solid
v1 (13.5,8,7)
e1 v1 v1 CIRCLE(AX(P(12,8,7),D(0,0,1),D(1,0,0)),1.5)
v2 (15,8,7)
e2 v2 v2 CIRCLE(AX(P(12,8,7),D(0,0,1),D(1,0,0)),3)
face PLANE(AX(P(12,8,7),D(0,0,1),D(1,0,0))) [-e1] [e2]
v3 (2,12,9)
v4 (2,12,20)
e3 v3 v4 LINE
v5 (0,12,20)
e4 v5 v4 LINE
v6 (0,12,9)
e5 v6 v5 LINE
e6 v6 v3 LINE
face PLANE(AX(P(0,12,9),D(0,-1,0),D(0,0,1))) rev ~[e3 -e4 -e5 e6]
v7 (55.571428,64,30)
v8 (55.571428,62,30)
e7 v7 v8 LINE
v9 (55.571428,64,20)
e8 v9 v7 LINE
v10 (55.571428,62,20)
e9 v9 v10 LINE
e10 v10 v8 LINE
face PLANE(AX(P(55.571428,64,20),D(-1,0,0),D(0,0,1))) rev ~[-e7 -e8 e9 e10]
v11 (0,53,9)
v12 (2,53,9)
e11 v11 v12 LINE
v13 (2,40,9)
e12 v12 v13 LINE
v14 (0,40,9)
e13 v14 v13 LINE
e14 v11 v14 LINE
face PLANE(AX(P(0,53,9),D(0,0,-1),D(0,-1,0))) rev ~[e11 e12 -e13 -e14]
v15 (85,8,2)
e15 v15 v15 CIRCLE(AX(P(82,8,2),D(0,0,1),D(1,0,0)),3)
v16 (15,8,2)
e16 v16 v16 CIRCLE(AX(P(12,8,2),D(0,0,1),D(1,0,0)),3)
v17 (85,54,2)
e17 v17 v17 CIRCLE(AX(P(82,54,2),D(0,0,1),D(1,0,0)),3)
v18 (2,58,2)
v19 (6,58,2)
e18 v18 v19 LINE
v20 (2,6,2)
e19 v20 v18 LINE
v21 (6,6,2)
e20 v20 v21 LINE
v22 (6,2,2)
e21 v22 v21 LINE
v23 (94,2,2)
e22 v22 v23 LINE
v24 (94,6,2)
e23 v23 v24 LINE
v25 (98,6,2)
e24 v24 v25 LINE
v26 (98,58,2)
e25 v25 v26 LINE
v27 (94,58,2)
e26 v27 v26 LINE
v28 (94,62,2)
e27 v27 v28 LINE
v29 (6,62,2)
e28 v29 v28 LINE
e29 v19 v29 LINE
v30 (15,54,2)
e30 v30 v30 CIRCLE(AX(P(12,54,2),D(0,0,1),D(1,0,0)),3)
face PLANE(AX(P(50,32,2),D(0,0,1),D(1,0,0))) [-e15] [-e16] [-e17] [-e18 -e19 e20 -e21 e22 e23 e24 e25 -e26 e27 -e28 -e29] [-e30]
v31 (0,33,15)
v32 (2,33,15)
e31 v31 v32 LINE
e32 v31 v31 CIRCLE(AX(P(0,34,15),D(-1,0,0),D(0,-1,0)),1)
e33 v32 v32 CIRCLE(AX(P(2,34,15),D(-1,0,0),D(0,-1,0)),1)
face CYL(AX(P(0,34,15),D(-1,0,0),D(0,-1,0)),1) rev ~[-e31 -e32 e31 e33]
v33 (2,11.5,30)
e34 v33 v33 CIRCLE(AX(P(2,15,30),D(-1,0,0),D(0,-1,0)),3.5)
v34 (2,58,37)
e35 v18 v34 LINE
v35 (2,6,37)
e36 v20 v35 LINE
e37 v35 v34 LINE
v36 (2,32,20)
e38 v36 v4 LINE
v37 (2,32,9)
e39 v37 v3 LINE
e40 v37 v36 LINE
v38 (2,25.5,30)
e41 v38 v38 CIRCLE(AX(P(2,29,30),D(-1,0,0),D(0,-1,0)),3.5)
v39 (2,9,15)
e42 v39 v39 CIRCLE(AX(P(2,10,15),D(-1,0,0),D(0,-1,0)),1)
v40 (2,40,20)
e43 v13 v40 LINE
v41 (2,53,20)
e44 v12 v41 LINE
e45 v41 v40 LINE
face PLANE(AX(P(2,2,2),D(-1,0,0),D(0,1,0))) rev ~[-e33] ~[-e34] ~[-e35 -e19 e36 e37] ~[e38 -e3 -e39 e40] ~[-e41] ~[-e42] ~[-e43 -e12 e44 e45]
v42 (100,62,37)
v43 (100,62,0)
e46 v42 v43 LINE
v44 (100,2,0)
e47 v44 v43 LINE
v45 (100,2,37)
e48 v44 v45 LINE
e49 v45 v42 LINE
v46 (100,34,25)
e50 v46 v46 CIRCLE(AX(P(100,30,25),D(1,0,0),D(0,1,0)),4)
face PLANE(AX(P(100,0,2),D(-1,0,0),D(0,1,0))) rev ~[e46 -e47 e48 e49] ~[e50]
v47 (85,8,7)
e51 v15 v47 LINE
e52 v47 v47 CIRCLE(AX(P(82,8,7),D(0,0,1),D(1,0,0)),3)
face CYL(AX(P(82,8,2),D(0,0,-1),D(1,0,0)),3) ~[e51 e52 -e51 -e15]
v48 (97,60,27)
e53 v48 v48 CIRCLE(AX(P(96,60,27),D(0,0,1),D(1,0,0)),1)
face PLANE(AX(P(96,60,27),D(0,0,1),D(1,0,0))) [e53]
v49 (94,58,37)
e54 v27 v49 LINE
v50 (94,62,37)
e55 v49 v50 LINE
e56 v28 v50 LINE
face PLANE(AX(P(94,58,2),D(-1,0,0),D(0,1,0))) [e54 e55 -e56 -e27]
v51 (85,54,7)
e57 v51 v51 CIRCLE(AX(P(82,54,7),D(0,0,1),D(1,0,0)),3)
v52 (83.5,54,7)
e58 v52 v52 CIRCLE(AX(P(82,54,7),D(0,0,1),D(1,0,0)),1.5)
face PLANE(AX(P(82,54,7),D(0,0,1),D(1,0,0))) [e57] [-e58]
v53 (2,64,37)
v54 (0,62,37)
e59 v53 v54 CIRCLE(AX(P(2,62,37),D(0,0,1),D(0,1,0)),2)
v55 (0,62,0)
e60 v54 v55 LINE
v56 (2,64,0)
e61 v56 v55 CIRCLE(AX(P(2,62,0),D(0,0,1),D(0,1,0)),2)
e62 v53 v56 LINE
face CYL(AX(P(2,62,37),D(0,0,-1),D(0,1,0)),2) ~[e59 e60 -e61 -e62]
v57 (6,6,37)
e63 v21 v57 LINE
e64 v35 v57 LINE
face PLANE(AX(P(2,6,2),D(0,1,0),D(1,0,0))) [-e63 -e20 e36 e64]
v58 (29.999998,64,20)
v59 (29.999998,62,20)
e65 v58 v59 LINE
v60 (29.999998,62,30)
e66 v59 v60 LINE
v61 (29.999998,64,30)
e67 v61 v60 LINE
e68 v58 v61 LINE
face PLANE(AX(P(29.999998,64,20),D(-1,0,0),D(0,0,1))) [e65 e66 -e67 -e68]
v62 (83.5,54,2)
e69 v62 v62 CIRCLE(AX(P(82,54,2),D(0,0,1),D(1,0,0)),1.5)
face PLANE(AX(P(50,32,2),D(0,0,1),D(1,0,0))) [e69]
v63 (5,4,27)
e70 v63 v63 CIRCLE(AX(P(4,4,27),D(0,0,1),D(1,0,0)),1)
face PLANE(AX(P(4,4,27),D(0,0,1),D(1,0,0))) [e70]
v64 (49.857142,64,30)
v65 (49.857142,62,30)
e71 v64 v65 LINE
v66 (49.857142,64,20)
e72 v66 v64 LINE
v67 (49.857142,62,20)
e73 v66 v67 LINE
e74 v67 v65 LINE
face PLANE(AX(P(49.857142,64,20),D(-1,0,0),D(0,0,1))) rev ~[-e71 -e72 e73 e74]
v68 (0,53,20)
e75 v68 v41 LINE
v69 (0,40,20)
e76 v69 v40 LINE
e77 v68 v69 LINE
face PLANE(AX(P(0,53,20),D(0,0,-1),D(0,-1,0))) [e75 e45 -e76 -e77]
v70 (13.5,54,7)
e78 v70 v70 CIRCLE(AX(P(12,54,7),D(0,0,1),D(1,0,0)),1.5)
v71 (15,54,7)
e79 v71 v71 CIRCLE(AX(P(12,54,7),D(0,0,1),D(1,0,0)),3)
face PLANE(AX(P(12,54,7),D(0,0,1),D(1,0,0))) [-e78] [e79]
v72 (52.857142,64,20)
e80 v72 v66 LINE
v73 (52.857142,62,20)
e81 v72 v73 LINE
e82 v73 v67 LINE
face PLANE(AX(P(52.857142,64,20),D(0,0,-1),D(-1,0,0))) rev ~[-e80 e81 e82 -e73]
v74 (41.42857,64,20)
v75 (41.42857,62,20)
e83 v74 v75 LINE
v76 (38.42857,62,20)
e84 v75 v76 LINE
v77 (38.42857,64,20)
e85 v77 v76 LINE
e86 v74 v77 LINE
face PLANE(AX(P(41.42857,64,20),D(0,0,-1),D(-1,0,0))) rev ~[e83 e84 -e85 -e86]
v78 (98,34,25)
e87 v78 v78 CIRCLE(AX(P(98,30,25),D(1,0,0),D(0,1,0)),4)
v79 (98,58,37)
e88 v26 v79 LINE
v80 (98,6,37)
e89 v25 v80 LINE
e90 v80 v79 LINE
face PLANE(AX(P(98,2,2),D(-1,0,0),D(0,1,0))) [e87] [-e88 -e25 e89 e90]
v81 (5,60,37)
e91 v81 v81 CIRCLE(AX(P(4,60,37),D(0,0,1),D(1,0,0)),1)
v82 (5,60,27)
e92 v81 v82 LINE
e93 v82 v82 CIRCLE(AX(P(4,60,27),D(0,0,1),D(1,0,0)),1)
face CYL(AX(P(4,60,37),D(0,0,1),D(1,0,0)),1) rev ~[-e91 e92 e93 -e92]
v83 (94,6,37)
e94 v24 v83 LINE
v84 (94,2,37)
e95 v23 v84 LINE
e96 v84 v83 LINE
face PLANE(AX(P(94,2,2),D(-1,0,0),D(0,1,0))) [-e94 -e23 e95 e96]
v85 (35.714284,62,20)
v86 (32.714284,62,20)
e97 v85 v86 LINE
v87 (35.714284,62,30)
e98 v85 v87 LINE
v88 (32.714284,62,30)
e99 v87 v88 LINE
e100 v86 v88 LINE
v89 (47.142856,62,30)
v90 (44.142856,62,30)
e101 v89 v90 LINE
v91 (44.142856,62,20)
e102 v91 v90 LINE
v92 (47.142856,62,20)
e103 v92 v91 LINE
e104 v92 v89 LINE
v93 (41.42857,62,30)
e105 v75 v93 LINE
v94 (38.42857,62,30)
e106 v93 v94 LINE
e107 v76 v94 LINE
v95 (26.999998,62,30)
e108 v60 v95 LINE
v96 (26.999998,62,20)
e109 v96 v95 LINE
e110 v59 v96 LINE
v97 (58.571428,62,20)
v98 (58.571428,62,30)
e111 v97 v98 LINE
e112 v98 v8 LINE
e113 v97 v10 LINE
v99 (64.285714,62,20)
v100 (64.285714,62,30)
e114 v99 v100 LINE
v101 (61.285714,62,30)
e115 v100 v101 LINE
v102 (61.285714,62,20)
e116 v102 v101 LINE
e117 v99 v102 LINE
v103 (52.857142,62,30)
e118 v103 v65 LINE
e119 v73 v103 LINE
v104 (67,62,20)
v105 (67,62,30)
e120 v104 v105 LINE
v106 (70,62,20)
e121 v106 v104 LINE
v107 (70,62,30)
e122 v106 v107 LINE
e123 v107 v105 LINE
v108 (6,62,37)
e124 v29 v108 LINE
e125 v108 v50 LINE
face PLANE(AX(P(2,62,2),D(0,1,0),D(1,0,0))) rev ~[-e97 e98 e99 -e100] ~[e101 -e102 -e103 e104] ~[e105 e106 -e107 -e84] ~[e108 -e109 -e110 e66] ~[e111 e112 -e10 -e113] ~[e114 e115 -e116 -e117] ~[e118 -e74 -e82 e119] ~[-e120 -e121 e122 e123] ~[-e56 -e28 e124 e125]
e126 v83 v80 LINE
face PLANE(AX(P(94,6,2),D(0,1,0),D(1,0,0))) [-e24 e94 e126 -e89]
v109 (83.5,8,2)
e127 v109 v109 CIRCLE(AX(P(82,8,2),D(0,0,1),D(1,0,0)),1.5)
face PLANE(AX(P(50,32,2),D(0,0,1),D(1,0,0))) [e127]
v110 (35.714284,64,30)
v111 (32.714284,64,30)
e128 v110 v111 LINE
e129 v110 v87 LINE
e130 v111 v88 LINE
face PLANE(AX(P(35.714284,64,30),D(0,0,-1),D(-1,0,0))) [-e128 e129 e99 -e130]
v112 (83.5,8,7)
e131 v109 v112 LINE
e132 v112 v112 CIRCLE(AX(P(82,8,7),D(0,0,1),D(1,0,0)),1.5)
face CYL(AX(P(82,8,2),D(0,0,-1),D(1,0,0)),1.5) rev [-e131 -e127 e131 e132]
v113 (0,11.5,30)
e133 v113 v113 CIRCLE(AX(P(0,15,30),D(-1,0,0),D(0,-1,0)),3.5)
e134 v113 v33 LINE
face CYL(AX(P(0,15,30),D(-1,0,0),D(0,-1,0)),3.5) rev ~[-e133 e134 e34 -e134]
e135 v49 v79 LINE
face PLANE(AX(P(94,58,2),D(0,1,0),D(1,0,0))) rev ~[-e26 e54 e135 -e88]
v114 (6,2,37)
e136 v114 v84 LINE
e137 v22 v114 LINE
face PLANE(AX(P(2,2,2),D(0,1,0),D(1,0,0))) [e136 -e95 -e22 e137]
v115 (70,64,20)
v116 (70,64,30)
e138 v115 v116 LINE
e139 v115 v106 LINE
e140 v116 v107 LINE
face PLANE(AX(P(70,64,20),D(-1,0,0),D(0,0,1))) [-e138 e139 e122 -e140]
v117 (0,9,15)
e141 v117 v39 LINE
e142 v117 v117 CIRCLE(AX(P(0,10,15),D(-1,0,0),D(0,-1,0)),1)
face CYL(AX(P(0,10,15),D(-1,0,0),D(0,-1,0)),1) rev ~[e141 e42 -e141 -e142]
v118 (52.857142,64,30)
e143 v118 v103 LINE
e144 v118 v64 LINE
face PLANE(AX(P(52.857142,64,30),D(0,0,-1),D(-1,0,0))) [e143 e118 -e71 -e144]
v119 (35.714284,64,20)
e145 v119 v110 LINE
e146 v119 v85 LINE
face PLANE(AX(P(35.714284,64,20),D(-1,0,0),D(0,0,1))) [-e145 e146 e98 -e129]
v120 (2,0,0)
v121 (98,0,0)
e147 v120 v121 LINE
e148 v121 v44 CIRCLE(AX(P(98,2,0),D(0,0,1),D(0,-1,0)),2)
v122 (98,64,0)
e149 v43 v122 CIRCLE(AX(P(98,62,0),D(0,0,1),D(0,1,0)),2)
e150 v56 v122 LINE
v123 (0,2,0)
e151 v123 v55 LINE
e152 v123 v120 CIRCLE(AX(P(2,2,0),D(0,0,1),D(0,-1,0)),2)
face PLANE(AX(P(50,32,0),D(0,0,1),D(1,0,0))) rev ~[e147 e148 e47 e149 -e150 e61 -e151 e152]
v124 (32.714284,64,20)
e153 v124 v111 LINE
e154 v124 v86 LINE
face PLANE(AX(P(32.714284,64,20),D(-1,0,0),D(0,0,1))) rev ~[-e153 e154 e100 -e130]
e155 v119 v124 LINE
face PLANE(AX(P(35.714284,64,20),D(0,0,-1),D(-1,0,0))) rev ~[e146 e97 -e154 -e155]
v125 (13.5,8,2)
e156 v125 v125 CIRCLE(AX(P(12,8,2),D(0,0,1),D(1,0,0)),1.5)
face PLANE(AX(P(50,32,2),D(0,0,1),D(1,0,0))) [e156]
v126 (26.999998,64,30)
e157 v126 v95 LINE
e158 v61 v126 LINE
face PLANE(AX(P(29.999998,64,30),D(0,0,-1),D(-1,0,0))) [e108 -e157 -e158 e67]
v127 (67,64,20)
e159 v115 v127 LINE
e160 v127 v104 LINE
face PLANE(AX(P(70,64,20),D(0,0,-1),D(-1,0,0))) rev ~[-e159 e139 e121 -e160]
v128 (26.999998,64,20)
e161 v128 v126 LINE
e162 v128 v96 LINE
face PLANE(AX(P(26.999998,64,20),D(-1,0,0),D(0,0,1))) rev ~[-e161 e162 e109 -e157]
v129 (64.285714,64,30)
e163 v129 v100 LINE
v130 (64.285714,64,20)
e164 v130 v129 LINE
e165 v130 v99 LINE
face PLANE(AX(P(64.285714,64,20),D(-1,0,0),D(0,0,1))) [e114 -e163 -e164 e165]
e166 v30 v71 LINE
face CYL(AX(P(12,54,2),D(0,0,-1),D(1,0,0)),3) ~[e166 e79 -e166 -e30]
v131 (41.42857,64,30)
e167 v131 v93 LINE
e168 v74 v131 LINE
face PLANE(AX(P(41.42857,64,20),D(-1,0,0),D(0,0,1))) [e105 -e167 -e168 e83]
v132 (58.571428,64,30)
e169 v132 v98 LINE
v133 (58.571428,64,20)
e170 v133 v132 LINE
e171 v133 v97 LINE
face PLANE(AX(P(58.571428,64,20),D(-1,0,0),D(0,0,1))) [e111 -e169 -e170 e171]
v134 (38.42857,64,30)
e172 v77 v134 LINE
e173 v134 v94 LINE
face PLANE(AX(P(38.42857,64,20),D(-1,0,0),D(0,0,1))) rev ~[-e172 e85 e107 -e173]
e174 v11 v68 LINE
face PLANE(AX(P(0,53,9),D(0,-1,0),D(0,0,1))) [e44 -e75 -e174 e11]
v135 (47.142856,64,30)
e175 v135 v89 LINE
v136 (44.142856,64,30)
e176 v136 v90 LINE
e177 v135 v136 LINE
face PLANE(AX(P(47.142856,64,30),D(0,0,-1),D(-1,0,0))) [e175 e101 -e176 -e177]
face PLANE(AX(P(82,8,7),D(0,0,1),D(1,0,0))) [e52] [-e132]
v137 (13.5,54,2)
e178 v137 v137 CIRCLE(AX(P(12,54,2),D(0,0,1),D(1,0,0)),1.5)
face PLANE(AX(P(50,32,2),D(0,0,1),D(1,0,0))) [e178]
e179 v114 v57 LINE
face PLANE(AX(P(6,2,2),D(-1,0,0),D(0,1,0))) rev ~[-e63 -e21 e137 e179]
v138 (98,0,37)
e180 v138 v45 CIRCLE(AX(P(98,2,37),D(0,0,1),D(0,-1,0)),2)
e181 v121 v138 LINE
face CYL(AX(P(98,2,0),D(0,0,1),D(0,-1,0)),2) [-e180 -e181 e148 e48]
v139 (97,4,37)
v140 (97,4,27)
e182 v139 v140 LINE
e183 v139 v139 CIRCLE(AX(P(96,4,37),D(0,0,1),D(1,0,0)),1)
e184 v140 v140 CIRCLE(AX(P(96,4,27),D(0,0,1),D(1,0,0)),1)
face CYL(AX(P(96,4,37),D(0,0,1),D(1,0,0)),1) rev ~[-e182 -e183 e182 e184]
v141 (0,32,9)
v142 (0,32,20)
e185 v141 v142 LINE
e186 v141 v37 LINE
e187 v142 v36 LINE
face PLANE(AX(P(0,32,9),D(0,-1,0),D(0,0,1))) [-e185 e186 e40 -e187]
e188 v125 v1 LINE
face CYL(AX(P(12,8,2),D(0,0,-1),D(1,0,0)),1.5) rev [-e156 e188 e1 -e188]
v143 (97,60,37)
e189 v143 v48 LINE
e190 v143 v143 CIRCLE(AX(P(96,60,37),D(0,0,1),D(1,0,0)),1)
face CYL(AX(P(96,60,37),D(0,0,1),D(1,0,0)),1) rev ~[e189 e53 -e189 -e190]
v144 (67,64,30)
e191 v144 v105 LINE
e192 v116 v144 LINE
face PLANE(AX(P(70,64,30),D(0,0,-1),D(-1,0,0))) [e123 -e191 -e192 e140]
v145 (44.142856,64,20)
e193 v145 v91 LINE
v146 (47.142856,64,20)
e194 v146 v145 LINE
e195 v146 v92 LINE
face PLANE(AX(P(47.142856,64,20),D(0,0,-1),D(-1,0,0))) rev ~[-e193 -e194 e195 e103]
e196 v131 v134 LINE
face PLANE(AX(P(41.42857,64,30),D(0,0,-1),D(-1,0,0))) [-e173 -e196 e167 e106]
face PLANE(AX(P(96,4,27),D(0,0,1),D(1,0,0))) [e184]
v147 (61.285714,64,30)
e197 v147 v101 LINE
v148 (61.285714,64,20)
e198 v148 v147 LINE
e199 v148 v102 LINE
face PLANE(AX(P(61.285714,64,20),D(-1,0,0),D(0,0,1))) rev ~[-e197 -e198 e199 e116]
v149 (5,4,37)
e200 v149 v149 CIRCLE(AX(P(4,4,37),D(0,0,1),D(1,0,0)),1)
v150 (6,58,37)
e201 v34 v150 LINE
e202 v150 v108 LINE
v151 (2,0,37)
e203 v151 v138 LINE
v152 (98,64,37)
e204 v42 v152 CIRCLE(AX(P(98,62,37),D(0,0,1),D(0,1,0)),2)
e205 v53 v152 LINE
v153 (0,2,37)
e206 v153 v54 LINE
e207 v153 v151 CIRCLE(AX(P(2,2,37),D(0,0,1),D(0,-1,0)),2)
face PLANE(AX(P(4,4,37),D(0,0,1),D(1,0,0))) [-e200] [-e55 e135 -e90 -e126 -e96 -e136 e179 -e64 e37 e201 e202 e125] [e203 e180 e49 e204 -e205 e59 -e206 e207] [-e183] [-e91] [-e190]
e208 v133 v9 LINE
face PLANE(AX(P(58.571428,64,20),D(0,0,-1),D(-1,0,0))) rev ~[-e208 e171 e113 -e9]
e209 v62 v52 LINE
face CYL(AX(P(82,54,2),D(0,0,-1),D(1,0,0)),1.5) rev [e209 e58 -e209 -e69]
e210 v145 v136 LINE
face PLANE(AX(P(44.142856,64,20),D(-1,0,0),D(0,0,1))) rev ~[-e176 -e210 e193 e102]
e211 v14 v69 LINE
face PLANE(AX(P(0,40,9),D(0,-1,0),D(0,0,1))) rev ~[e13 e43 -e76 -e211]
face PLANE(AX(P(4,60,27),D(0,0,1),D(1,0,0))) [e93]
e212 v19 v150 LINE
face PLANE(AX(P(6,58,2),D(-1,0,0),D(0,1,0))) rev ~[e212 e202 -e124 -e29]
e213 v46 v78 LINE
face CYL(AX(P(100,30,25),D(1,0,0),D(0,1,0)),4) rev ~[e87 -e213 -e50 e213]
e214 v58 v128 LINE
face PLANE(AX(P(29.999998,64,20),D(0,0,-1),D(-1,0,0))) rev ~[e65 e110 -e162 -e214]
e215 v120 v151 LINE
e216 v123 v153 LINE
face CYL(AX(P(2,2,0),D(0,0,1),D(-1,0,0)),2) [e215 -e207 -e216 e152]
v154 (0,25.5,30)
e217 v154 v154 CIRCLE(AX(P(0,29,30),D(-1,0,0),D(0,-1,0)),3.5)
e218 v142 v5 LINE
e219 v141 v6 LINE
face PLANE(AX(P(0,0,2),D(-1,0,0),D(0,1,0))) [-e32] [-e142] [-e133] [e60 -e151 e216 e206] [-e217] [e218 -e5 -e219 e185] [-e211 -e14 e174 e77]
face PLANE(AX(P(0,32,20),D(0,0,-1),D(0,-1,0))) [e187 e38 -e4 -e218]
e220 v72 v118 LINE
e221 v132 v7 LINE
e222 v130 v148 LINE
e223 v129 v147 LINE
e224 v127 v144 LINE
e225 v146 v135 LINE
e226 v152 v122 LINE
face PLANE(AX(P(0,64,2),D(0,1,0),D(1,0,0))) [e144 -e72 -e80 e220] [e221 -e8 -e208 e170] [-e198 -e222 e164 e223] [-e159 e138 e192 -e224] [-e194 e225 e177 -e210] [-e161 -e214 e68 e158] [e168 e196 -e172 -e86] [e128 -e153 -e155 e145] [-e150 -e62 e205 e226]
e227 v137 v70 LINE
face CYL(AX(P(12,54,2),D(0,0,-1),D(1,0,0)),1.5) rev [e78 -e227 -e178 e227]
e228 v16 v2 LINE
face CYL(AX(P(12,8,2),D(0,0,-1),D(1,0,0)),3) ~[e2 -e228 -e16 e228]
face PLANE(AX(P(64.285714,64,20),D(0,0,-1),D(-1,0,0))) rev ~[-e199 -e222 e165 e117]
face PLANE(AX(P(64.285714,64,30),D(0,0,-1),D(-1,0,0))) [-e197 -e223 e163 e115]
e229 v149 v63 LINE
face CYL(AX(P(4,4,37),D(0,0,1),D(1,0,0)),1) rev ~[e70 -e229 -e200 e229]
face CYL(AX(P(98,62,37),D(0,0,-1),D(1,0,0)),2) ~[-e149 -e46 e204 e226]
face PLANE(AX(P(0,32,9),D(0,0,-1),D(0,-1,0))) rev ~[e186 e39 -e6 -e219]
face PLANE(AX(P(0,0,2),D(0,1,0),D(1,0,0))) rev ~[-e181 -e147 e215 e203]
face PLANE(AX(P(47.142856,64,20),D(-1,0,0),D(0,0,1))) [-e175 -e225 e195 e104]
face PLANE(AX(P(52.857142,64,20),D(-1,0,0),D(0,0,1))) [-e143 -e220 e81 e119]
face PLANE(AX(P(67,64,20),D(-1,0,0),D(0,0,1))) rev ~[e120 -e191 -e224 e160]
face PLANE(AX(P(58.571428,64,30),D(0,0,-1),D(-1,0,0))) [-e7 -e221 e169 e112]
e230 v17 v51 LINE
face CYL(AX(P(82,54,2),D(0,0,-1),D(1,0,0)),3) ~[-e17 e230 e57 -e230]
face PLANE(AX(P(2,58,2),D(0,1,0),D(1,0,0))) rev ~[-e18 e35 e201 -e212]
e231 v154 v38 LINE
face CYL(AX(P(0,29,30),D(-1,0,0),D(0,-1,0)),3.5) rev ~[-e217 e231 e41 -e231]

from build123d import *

# Parameters (mm, degrees)
SKETCH_W            = 100
SKETCH_H            = 64
PAD_DEPTH           = 2
SKETCH001_W         = 100
SKETCH001_H         = 64
SKETCH001_W_2       = 96
SKETCH001_H_2       = 60
PAD001_DEPTH        = 35
SKETCH002_R         = 3
SKETCH002_R_2       = 1.5
PAD002_DEPTH        = 5
FILLET_R            = 2
FILLET001_R         = 2
FILLET002_R         = 2
FILLET003_R         = 2
SKETCH003_R         = 4
POCKET_DEPTH        = 5
SKETCH004_R         = 3.5
SKETCH004_R_2       = 1
SKETCH004_W         = 13
SKETCH004_H         = 11
SKETCH004_W_2       = 20
POCKET001_DEPTH     = 5
SKETCH005_W         = 4
SKETCH005_H         = 4
PAD003_DEPTH        = 35
SKETCH006_R         = 1
POCKET002_DEPTH     = 10
SKETCH007_W         = 3
SKETCH007_H         = 10
POCKET003_DEPTH     = 5
LINEARPATTERN_COUNT = 8
LINEARPATTERN_PITCH = 5.714286


with BuildPart() as part:
    # Sketch → Pad (new body)
    with BuildSketch(Plane.XY):
        with Locations((50, 32)):
            Rectangle(SKETCH_W, SKETCH_H)
    extrude(amount=PAD_DEPTH)

    # Sketch001 → Pad001 (new body)
    with BuildSketch(Plane.XY.offset(2)):
        with Locations((50, 32)):
            Rectangle(SKETCH001_W, SKETCH001_H)
        with Locations((50, 32)):
            Rectangle(SKETCH001_W_2, SKETCH001_H_2, mode=Mode.SUBTRACT)
    extrude(amount=PAD001_DEPTH)

    # Sketch002 → Pad002 (new body)
    with BuildSketch(Plane.XY.offset(2)):
        with Locations((82, 54)):
            Circle(SKETCH002_R)
        with Locations((82, 54)):
            Circle(SKETCH002_R_2, mode=Mode.SUBTRACT)
        with Locations((12, 54)):
            Circle(SKETCH002_R)
        with Locations((12, 54)):
            Circle(SKETCH002_R_2, mode=Mode.SUBTRACT)
        with Locations((12, 8)):
            Circle(SKETCH002_R)
        with Locations((12, 8)):
            Circle(SKETCH002_R_2, mode=Mode.SUBTRACT)
        with Locations((82, 8)):
            Circle(SKETCH002_R)
        with Locations((82, 8)):
            Circle(SKETCH002_R_2, mode=Mode.SUBTRACT)
    extrude(amount=PAD002_DEPTH)

    # Fillet
    fillet_edges = [part.edges().sort_by_distance(p)[0] for p in [
        (0, 0, 18.5),
    ]]
    fillet(fillet_edges, radius=FILLET_R)

    # Fillet001
    fillet001_edges = [part.edges().sort_by_distance(p)[0] for p in [
        (100, 0, 18.5),
    ]]
    fillet(fillet001_edges, radius=FILLET001_R)

    # Fillet002
    fillet002_edges = [part.edges().sort_by_distance(p)[0] for p in [
        (100, 64, 18.5),
    ]]
    fillet(fillet002_edges, radius=FILLET002_R)

    # Fillet003
    fillet003_edges = [part.edges().sort_by_distance(p)[0] for p in [
        (0, 64, 18.5),
    ]]
    fillet(fillet003_edges, radius=FILLET003_R)

    # Sketch003 → Pocket (cut)
    with BuildSketch(Plane.YZ.offset(100)):
        with Locations((30, 25)):
            Circle(SKETCH003_R)
    extrude(amount=-POCKET_DEPTH, mode=Mode.SUBTRACT)

    # Sketch004 → Pocket001 (cut)
    with BuildSketch(Plane(origin=(0, 0, 0), x_dir=(0, -1, 0), z_dir=(-1, 0, 0))):
        with Locations((-29, 30)):
            Circle(SKETCH004_R)
        with Locations((-15, 30)):
            Circle(SKETCH004_R)
        with Locations((-34, 15)):
            Circle(SKETCH004_R_2)
        with Locations((-10, 15)):
            Circle(SKETCH004_R_2)
        with Locations((-46.5, 14.5)):
            Rectangle(SKETCH004_W, SKETCH004_H)
        with Locations((-22, 14.5)):
            Rectangle(SKETCH004_W_2, SKETCH004_H)
    extrude(amount=-POCKET001_DEPTH, mode=Mode.SUBTRACT)

    # Sketch005 → Pad003 (new body)
    with BuildSketch(Plane.XY.offset(2)):
        with Locations((4, 4)):
            Rectangle(SKETCH005_W, SKETCH005_H)
        with Locations((96, 4)):
            Rectangle(SKETCH005_W, SKETCH005_H)
        with Locations((4, 60)):
            Rectangle(SKETCH005_W, SKETCH005_H)
        with Locations((96, 60)):
            Rectangle(SKETCH005_W, SKETCH005_H)
    extrude(amount=PAD003_DEPTH)

    # Sketch006 → Pocket002 (cut)
    with BuildSketch(Plane.XY.offset(37)):
        with Locations((4, 60)):
            Circle(SKETCH006_R)
        with Locations((96, 60)):
            Circle(SKETCH006_R)
        with Locations((4, 4)):
            Circle(SKETCH006_R)
        with Locations((96, 4)):
            Circle(SKETCH006_R)
    extrude(amount=-POCKET002_DEPTH, mode=Mode.SUBTRACT)

    # Sketch007 → Pocket003 (cut)
    with BuildSketch(Plane(origin=(0, 64, 0), x_dir=(-1, 0, 0), z_dir=(0, 1, 0))):
        with Locations((-68.5, 25)):
            Rectangle(SKETCH007_W, SKETCH007_H)
    pocket003 = extrude(amount=-POCKET003_DEPTH, mode=Mode.SUBTRACT)

    # LinearPattern: Pocket003 ×8
    with Locations(*[(-i * LINEARPATTERN_PITCH, 0, 0) for i in range(1, LINEARPATTERN_COUNT)]):
        add(pocket003, mode=Mode.SUBTRACT)


solid = part.part
